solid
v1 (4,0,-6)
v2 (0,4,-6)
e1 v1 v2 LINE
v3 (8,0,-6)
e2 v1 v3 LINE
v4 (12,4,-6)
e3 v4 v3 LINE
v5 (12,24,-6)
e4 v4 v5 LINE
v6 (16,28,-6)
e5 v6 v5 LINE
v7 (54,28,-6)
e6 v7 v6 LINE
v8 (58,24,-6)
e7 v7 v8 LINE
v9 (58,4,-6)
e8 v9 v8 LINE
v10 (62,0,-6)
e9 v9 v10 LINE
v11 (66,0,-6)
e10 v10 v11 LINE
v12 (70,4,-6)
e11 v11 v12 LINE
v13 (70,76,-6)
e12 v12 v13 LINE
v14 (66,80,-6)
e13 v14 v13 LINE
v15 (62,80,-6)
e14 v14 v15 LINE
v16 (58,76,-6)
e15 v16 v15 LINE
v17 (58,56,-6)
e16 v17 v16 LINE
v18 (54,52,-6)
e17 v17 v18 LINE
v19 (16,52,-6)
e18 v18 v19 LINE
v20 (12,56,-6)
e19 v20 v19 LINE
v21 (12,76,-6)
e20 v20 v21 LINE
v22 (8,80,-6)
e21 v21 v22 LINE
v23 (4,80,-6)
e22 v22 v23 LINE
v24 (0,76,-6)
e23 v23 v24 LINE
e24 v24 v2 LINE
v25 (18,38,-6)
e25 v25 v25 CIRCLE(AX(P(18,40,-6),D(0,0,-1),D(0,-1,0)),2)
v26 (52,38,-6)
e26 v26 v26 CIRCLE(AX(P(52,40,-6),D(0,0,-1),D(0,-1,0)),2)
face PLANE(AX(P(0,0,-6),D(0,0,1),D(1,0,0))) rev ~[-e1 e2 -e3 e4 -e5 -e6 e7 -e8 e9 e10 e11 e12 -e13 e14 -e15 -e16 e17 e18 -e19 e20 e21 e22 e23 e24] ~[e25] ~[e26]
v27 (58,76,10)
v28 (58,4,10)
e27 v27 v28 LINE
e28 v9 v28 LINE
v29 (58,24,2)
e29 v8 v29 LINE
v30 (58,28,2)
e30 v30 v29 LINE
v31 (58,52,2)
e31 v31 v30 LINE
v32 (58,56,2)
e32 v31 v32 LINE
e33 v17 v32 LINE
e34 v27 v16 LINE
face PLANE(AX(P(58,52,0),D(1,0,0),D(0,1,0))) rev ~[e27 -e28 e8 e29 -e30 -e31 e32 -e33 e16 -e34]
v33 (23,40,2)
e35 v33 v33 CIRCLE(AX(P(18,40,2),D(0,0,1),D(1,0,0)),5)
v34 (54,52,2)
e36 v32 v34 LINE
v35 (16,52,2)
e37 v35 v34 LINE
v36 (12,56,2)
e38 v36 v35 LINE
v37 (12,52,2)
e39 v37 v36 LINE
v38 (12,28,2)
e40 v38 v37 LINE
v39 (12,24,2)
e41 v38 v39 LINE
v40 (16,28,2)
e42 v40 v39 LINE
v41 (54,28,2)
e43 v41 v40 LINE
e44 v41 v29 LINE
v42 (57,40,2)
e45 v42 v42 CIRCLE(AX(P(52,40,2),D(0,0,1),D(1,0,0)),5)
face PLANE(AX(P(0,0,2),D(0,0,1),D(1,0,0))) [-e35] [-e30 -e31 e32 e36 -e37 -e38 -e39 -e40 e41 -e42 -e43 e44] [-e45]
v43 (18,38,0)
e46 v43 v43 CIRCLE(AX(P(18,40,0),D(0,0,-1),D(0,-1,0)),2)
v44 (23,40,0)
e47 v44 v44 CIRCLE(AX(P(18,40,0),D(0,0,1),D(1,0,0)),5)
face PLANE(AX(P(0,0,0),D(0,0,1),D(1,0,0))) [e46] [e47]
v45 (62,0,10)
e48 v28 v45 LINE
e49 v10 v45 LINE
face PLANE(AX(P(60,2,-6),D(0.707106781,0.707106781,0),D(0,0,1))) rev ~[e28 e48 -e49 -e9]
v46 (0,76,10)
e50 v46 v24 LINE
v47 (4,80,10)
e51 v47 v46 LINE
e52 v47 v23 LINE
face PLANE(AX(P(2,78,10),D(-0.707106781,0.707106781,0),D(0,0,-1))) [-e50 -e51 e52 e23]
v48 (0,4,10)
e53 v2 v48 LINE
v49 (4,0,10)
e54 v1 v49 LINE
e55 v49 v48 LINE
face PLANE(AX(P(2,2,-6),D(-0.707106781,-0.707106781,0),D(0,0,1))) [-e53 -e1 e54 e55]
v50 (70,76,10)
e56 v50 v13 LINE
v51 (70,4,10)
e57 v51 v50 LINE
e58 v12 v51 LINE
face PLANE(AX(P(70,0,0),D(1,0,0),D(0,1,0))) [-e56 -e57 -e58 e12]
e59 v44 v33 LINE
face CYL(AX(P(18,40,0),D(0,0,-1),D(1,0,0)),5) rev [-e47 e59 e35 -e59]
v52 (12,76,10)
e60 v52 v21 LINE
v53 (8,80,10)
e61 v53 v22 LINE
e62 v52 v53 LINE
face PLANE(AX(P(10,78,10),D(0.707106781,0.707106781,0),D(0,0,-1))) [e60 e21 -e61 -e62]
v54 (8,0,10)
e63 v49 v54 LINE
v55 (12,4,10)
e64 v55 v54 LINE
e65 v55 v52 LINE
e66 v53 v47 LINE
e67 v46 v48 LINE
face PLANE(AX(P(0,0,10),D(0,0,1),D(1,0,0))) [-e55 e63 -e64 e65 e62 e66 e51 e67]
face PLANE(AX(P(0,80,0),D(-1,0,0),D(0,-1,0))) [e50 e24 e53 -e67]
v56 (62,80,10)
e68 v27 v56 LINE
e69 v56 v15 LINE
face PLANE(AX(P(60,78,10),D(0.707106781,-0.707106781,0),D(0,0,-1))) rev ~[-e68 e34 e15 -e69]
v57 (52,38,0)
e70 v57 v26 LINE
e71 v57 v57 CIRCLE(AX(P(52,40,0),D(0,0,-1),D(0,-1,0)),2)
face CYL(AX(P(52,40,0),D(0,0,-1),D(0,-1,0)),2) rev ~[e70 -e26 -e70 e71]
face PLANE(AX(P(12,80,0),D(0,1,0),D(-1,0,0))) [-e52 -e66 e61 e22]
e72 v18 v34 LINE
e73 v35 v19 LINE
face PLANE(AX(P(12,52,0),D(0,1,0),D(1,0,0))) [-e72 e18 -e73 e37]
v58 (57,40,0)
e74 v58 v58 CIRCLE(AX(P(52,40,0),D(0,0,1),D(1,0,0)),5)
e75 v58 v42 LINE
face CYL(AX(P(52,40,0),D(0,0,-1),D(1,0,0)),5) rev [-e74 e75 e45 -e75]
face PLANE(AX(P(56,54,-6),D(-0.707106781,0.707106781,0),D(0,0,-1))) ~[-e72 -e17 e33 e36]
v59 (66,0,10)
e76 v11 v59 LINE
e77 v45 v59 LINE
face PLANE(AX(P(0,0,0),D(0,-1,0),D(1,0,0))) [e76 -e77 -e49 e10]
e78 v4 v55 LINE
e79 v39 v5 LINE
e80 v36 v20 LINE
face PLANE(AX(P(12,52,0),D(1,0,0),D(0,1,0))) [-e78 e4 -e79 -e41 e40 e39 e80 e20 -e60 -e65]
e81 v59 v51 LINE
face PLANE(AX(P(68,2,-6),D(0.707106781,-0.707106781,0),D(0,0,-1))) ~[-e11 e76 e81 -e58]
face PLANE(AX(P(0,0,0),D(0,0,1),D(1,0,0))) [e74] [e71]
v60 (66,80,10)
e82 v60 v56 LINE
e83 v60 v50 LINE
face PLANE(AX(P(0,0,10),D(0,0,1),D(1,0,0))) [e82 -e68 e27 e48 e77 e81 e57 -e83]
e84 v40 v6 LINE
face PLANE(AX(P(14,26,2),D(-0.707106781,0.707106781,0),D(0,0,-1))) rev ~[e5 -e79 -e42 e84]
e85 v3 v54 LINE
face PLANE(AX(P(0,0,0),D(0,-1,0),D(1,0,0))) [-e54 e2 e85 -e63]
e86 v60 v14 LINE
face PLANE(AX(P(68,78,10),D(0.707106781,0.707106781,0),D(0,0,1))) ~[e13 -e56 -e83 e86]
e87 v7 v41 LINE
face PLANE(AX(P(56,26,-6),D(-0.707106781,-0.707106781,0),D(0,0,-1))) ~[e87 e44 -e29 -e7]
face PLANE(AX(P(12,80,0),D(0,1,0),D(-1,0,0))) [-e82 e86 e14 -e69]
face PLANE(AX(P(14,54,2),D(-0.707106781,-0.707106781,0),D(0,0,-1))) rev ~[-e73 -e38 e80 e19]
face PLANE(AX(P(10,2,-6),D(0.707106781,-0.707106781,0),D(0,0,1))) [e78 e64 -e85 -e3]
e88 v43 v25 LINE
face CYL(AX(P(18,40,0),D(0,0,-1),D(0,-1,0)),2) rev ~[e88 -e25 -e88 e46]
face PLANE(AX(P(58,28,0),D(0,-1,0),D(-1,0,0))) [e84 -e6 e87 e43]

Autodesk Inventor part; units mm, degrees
ref_plane "YZ Plane" through (0, 0, 0) normal (1, 0, 0) x (0, 1, 0)
ref_plane "XZ Plane" through (0, 0, 0) normal (0, 1, 0) x (-1, 0, 0)
ref_plane "XY Plane" through (0, 0, 0) normal (0, 0, 1) x (1, 0, 0)
sketch "Sketch1" plane through (0, 0, 0) normal (0, 0, 1) x (1, 0, 0)
  line L0 (0, 0) -> (70, 0)
  line L1 (70, 0) -> (70, 80)
  line L2 (70, 80) -> (0, 80)
  line L3 (0, 80) -> (0, 0)
  line L4 (12, 80) -> (58, 80)
  line L5 (58, 80) -> (58, 0)
  line L6 (58, 0) -> (12, 0)
  line L7 (12, 0) -> (12, 80)
  point P0 (18, 40)
  point P1 (52, 40)
  point P2 (12, 0)
  dimension "d0" = 70
  dimension "d1" = 80
  dimension "d2" = 34
  dimension "d3" = 18
  dimension "d6" = 40
  dimension "d7" = 40
  dimension "d8" = 12
  dimension "d9" = 12
extrude "Extrusion1" add sketch "Sketch1" against normal blind 6
extrude "Extrusion2" add sketch "Sketch1" along normal blind 10 contours L3 L2 L7 L0 | L5 L2 L1 L0
hole "Hole1" at (18, 40, 0) at (52, 40, 0) direction (0, 0, -1) diameter 4 depth 6
sketch "Sketch2" plane through (0, 0, 0) normal (0, 0, 1) x (1, 0, 0)
  line L0 (12, 0) -> (12, 80) projected
  line L1 (58, 0) -> (58, 80) projected
  line L2 (12, 0) -> (58, 0)
  line L3 (58, 0) -> (58, 28)
  line L4 (58, 28) -> (12, 28)
  line L5 (12, 28) -> (12, 0)
  line L6 (58, 80) -> (12, 80) projected
  line L7 (12, 80) -> (58, 80)
  line L8 (58, 80) -> (58, 52)
  line L9 (58, 52) -> (12, 52)
  line L10 (12, 52) -> (12, 80)
  point P0 (0, 0)
  point P1 (12, 52)
  dimension "d24" = 24
  dimension "d25" = 28
extrude "Extrusion3" cut sketch "Sketch2" against normal blind 6 contours L0 L4 L1 L2 | L0 L6 L1 L9
sketch "Sketch3" plane through (0, 0, 0) normal (0, 0, 1) x (1, 0, 0)
  line L0 (58, 28) -> (12, 28) projected
  line L1 (12, 52) -> (58, 52) projected
  line L2 (58, 28) -> (12, 28)
  line L3 (12, 28) -> (12, 52)
  line L4 (12, 52) -> (58, 52)
  line L5 (58, 52) -> (58, 28)
  circle A0 centre (52, 40) radius 2 projected
  circle A1 centre (52, 40) radius 5
  circle A2 centre (18, 40) radius 2 projected
  circle A3 centre (18, 40) radius 5
  point P0 (0, 0)
  dimension "d28" = 10
  dimension "d29" = 10
extrude "Extrusion4" add sketch "Sketch3" along normal blind 2 contours L0 L3 L1 L5
chamfer "Chamfer2" distance 4 angle 45 12 edges at (58, 0, 2) (70, 0, 2) (12, 0, 2) (0, 0, 2) (70, 80, 2) (58, 80, 2) (12, 80, 2) (0, 80, 2) (58, 52, -2) (12, 52, -2) (58, 28, -2) (12, 28, -2)
properties part number "Fan_feet_3DPrint"
